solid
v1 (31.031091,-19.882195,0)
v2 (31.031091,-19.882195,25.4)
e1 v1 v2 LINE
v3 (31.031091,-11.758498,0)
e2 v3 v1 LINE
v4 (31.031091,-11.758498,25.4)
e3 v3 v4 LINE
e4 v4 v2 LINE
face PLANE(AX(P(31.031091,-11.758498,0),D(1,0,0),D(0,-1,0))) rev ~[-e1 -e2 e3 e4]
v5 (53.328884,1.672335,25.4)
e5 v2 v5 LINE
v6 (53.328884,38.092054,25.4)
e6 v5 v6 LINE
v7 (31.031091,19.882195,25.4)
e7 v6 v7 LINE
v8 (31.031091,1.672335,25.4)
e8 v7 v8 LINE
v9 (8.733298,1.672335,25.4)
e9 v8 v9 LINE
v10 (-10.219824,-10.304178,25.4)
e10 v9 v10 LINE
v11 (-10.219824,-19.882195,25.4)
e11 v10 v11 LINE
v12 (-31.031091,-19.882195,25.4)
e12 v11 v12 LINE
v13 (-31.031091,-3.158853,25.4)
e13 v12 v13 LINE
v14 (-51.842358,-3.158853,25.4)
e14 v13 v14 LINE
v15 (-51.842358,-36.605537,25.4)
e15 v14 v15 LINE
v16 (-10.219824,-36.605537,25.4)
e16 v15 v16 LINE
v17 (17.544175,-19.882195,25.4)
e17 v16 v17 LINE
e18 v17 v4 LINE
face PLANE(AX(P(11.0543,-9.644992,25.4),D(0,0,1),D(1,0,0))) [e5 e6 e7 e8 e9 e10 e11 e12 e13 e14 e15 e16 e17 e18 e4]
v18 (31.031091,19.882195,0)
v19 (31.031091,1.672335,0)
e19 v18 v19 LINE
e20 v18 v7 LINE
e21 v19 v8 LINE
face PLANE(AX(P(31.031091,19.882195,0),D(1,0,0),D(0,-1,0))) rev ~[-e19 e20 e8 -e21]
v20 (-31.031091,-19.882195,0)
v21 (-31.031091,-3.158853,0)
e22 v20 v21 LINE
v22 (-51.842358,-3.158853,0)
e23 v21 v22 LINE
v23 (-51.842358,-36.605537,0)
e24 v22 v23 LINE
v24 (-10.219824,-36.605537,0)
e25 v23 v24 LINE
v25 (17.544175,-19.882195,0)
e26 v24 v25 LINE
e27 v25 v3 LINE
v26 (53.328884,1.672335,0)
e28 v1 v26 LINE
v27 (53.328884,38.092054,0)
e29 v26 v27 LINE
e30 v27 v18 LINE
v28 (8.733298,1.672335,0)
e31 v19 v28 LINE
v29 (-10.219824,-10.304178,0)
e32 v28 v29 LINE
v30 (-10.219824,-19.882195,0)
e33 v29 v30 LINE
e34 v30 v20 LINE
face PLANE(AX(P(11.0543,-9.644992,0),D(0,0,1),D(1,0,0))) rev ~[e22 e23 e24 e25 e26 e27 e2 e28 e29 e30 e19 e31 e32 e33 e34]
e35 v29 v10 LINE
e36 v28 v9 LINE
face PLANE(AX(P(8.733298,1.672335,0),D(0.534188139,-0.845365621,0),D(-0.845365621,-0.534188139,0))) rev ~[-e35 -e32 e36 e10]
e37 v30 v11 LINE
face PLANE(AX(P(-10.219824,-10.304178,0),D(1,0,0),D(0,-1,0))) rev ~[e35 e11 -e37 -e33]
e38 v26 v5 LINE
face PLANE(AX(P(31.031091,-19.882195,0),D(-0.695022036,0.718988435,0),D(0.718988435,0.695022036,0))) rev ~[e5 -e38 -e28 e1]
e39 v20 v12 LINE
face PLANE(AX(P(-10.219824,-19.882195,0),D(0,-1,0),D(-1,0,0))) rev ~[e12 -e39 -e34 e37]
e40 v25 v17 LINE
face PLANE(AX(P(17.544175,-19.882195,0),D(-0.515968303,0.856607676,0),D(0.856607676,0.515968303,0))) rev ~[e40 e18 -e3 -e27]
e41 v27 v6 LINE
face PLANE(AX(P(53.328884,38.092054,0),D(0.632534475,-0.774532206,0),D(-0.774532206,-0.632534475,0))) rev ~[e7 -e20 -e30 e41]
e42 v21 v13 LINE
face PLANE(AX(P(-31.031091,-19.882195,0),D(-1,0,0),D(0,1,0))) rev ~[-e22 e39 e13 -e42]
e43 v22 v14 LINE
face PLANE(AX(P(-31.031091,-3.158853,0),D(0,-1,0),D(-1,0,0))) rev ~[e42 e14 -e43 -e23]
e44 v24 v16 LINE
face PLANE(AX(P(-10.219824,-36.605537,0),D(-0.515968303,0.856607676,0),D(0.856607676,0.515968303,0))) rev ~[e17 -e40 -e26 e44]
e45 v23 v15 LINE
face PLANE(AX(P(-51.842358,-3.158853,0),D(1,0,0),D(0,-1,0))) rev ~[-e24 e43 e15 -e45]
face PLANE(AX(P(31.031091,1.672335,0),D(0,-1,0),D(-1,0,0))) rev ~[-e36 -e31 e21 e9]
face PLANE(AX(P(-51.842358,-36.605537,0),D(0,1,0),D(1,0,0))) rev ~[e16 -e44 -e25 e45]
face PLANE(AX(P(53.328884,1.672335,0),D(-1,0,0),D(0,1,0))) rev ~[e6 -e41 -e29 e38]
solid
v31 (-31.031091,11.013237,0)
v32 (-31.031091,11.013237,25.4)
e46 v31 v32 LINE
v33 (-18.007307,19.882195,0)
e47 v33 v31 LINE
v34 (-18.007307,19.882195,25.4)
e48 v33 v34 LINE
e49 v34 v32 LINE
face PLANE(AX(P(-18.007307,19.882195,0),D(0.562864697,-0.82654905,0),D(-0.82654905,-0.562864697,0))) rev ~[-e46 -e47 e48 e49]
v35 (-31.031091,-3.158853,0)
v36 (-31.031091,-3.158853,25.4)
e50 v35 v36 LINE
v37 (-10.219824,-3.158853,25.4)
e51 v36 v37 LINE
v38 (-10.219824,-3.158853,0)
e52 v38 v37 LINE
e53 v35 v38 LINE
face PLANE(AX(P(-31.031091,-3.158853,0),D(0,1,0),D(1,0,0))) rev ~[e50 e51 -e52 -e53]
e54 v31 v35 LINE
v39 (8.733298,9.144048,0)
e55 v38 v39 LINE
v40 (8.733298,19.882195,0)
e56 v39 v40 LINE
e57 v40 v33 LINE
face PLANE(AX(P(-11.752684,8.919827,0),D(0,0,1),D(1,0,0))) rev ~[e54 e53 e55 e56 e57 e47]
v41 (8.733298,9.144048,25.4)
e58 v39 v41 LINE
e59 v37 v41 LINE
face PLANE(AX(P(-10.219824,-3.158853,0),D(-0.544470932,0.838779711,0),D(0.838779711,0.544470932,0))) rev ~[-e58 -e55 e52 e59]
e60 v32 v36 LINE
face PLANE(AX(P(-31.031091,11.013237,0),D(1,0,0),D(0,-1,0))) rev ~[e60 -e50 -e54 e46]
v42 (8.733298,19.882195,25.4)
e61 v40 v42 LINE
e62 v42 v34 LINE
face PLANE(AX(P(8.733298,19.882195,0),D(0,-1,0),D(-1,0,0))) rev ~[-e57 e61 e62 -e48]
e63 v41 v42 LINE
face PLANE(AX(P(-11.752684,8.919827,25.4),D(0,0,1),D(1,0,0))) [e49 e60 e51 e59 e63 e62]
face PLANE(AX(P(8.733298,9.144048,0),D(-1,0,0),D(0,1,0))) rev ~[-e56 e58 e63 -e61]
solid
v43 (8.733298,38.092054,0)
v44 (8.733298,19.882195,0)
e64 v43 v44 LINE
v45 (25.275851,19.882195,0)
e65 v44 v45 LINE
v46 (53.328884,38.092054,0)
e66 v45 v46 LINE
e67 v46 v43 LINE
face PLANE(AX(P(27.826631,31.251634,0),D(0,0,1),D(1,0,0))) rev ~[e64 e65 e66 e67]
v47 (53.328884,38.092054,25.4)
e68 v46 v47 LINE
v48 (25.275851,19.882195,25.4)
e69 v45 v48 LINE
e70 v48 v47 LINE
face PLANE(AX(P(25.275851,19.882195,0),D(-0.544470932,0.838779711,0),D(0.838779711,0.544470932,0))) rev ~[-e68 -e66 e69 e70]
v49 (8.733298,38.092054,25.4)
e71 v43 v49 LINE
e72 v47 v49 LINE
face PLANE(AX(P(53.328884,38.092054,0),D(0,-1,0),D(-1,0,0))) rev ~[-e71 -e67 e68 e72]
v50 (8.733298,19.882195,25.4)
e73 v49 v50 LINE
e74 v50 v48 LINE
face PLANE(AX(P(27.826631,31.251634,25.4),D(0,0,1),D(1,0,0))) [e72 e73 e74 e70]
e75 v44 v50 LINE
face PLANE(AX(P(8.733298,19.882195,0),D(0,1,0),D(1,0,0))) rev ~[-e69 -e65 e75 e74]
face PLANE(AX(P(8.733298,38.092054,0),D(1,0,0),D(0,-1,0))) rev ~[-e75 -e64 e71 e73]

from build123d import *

# Parameters (mm, degrees)
F1_DEPTH = 25.4


with BuildPart() as f1:
    # F0 (on Top) → F1 (new body)
    with BuildSketch(Plane.XY):
        Polygon((8.7332976982, 19.8821946979), (-18.0073068038, 19.8821946979), (-31.0310907662, 11.0132374132), (-31.0310907662, -3.1588526908), (-10.2198235691, -3.1588526908), (8.7332976982, 9.144048138), align=None)
    extrude(amount=F1_DEPTH)


with BuildPart() as f1b:
    # F0 (on Top) → F1, piece 2 (new body)
    with BuildSketch(Plane.XY):
        Polygon((31.0310907662, 1.672334969), (8.7332976982, 1.672334969), (-10.2198235691, -10.304178298), (-10.2198235691, -19.8821946979), (17.5441748335, -19.8821946979), (31.0310907662, -11.7584977976), align=None)
        Polygon((53.3288838342, 1.672334969), (53.3288838342, 38.0920544267), (31.0310907662, 19.8821946979), (31.0310907662, 1.672334969), align=None)
        Polygon((31.0310907662, -11.7584977976), (53.3288838342, 1.672334969), (31.0310907662, 1.672334969), align=None)
        Polygon((31.0310907662, -19.8821946979), (53.3288838342, 1.672334969), (31.0310907662, -11.7584977976), align=None)
        Polygon((-25.3772656626, -19.8821946979), (-51.8423579633, -36.6055367049), (-10.2198235691, -36.6055367049), (-10.2198235691, -19.8821946979), align=None)
        Polygon((-10.2198235691, -19.8821946979), (-10.2198235691, -36.6055367049), (17.5441748335, -19.8821946979), align=None)
        Polygon((-31.0310907662, -19.8821946979), (-31.0310907662, -3.1588526908), (-51.8423579633, -3.1588526908), (-51.8423579633, -36.6055367049), (-25.3772656626, -19.8821946979), align=None)
    extrude(amount=F1_DEPTH)


with BuildPart() as f1c:
    # F0 (on Top) → F1, piece 3 (new body)
    with BuildSketch(Plane.XY):
        Polygon((53.3288838342, 38.0920544267), (8.7332976982, 38.0920544267), (8.7332976982, 19.8821946979), (25.2758510981, 19.8821946979), align=None)
    extrude(amount=F1_DEPTH)


solid = Compound([f1.part, f1b.part, f1c.part])
